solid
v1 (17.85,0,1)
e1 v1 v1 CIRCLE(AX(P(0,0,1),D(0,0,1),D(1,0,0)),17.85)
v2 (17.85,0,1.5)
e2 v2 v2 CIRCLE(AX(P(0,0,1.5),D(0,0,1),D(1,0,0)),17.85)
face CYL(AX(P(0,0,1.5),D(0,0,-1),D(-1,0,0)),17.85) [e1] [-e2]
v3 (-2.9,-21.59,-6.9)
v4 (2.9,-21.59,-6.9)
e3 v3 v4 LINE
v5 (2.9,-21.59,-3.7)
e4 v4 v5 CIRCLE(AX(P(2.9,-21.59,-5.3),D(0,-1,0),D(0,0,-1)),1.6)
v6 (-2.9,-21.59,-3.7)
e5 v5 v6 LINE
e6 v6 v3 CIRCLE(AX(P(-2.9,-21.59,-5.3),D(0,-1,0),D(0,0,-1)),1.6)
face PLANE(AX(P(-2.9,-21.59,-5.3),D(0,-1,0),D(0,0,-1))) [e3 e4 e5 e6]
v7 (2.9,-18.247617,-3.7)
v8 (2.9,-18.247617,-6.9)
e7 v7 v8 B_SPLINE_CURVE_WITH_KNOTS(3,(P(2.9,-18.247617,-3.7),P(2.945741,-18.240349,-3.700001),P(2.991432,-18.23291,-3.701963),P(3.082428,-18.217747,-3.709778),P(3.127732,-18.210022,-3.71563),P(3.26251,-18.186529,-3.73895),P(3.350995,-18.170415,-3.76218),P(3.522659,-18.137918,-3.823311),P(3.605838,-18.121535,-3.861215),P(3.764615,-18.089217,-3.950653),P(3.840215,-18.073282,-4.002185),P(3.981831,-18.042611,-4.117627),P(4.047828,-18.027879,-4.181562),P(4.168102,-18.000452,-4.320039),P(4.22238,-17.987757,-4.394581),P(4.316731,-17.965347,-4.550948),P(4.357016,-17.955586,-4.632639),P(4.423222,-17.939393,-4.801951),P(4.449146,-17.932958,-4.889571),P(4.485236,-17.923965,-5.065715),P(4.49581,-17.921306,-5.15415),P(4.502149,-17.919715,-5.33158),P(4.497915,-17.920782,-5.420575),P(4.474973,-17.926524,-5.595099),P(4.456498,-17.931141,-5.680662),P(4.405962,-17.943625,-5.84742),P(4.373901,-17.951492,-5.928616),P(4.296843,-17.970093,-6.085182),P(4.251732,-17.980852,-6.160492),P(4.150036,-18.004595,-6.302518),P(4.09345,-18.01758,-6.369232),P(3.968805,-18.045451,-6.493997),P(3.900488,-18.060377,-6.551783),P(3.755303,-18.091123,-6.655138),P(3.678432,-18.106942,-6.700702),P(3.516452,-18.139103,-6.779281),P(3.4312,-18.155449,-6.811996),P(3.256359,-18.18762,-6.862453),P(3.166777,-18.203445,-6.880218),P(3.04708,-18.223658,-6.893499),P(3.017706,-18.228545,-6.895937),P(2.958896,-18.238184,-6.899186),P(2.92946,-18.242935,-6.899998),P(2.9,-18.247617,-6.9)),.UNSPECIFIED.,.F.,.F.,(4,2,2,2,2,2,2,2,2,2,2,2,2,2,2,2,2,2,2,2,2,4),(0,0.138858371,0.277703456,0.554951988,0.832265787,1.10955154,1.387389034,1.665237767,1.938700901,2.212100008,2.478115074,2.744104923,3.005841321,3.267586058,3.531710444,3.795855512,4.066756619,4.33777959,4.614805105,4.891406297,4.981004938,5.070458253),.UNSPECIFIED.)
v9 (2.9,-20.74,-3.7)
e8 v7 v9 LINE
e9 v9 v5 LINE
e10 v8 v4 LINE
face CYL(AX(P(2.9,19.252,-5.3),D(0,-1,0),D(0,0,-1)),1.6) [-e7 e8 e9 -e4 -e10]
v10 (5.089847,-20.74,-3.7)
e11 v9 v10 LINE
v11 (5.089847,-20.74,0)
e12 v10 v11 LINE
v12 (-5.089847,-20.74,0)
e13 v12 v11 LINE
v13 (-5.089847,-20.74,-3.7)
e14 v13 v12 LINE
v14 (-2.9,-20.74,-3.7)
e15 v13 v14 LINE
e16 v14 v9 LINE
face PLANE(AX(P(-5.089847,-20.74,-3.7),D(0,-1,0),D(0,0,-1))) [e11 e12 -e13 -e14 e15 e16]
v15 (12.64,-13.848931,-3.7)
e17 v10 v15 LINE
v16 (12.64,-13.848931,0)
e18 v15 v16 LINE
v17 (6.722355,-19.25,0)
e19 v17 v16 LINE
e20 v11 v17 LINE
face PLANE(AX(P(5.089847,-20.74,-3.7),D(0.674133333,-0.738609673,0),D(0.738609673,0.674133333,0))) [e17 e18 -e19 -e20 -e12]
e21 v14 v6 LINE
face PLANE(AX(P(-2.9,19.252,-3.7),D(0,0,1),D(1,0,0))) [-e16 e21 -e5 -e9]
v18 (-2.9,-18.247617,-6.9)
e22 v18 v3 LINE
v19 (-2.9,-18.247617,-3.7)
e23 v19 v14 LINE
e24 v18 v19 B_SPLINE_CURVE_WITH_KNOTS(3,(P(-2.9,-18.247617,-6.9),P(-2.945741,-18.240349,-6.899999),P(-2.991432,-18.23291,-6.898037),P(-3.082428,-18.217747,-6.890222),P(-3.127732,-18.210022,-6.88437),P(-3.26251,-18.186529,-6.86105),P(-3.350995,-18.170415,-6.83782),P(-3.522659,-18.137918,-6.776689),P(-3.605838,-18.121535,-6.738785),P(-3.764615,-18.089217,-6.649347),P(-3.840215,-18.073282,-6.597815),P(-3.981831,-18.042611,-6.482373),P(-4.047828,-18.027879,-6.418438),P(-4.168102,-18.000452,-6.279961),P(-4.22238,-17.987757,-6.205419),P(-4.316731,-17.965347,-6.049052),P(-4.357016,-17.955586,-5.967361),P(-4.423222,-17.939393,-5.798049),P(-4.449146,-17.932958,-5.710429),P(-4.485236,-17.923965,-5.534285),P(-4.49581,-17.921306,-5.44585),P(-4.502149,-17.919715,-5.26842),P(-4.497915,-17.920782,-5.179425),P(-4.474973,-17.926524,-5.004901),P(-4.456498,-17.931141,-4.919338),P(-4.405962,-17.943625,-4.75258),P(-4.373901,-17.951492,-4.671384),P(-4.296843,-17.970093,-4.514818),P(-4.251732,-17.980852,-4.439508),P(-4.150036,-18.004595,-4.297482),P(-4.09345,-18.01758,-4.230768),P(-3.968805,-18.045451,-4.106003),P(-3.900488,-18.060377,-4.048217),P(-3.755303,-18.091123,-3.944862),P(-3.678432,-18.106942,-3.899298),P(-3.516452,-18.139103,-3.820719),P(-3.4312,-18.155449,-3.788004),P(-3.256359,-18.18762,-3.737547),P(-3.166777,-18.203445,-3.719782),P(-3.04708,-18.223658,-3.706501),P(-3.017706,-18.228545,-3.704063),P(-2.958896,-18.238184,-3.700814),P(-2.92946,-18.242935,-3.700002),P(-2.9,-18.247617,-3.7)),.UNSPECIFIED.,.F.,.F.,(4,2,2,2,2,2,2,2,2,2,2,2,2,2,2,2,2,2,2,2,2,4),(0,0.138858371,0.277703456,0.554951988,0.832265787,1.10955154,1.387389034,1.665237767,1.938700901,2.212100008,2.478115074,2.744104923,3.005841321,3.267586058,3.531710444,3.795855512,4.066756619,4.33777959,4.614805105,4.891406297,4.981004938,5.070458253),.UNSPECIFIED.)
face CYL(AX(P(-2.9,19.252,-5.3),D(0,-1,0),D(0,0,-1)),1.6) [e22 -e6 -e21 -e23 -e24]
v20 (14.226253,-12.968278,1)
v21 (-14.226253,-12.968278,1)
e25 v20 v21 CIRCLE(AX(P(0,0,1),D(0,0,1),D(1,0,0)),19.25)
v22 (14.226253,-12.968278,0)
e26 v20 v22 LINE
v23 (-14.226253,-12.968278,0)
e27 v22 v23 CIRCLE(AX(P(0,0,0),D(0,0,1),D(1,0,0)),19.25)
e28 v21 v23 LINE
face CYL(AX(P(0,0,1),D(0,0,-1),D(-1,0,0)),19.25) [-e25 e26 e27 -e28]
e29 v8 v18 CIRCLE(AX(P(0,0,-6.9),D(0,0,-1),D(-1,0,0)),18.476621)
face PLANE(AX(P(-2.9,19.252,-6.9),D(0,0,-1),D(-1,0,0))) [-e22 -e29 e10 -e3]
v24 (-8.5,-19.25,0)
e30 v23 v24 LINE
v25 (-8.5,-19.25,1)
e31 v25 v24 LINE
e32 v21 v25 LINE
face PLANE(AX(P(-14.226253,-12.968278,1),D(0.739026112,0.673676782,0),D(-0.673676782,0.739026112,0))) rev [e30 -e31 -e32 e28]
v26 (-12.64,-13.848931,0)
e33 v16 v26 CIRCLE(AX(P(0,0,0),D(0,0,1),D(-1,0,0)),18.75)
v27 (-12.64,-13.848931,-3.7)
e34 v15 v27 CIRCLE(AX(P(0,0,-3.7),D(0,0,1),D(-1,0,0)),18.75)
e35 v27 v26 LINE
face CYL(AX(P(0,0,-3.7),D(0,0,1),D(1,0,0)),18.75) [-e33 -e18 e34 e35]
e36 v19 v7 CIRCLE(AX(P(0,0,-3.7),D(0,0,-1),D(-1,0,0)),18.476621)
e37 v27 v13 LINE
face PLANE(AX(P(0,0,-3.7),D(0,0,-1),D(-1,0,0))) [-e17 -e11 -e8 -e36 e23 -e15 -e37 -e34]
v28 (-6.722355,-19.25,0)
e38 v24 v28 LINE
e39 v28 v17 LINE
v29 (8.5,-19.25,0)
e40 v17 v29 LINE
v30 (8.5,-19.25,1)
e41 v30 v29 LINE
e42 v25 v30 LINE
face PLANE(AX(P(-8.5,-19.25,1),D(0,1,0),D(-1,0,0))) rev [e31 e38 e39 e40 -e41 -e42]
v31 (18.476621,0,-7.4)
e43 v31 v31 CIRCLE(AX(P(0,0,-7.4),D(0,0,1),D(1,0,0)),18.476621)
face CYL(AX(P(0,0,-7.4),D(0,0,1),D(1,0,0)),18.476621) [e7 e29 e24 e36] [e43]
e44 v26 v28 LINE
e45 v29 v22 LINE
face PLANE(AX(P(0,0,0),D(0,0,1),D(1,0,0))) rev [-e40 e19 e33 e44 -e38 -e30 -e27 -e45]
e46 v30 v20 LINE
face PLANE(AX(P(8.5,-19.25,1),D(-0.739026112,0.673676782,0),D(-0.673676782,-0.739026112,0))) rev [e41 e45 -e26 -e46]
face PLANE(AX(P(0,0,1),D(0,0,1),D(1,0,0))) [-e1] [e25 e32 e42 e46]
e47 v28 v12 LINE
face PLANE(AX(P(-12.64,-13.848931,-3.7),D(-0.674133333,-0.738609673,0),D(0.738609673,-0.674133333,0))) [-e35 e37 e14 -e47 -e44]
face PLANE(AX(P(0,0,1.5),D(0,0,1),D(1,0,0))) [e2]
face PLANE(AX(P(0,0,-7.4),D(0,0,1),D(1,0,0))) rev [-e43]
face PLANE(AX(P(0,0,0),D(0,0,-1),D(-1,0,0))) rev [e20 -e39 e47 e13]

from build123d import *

# Parameters (mm, degrees)
EXTRUDE_1_DEPTH             = 3.7
EXTRUDE_2_DEPTH             = 1
SKETCH_3_R                  = 17.85
EXTRUDE_3_DEPTH             = 0.5
SKETCH_4_R                  = 18.476621058
EXTRUDE_4_DEPTH             = 7.4
EXTRUDE_5_DEPTH             = 0.85
EXTRUDE_5_DIRECTION_2_REACH = 46.995


with BuildPart() as part:
    # ｽｹｯﾁ1 → ﾎﾞｽ - 押し出し1 (new body)
    with BuildSketch(Plane.XY):
        with BuildLine():
            Line((-12.64, -13.848931367), (-5.089846792, -20.74))
            Line((-5.089846792, -20.74), (5.089846792, -20.74))
            Line((5.089846792, -20.74), (12.64, -13.848931367))
            ThreePointArc((12.64, -13.848931367), (0, 18.75), (-12.64, -13.848931367))
        make_face()
    extrude(amount=-EXTRUDE_1_DEPTH)

    # ｽｹｯﾁ2 → ﾎﾞｽ - 押し出し2 (add)
    with BuildSketch(Plane.XY):
        with BuildLine():
            Line((-14.226252646, -12.968278052), (-8.5, -19.25))
            Line((-8.5, -19.25), (8.5, -19.25))
            Line((8.5, -19.25), (14.226252646, -12.968278052))
            ThreePointArc((14.226252646, -12.968278052), (0, 19.25), (-14.226252646, -12.968278052))
        make_face()
    extrude(amount=EXTRUDE_2_DEPTH)

    # ｽｹｯﾁ3 → ﾎﾞｽ - 押し出し3 (add)
    with BuildSketch(Plane.XY.offset(1)):
        Circle(SKETCH_3_R)
    extrude(amount=EXTRUDE_3_DEPTH)

    # ｽｹｯﾁ4 → ﾎﾞｽ - 押し出し4 (add)
    with BuildSketch(Plane.XY):
        Circle(SKETCH_4_R)
    extrude(amount=-EXTRUDE_4_DEPTH)

    # ｽｹｯﾁ5 → ﾎﾞｽ - 押し出し5 (add)
    with BuildSketch(Plane.XZ.offset(20.74)):
        with BuildLine():
            Line((-2.9, -3.7), (2.9, -3.7))
            ThreePointArc((2.9, -3.7), (4.5, -5.3), (2.9, -6.9))
            Line((2.9, -6.9), (-2.9, -6.9))
            ThreePointArc((-2.9, -6.9), (-4.5, -5.3), (-2.9, -3.7))
        make_face()
    extrude(amount=EXTRUDE_5_DEPTH)

    # ｽｹｯﾁ5 → ﾎﾞｽ - 押し出し5 direction 2 (add, up to next)
    with BuildSketch(Plane.XZ.offset(20.74), mode=Mode.PRIVATE) as extrude_5_direction_2_sk1:
        with BuildLine():
            Line((-2.9, -3.7), (2.9, -3.7))
            ThreePointArc((2.9, -3.7), (4.5, -5.3), (2.9, -6.9))
            Line((2.9, -6.9), (-2.9, -6.9))
            ThreePointArc((-2.9, -6.9), (-4.5, -5.3), (-2.9, -3.7))
        make_face()
    extrude_5_direction_2_tool1 = extrude(extrude_5_direction_2_sk1.sketch, amount=-EXTRUDE_5_DIRECTION_2_REACH, mode=Mode.PRIVATE) - part.part
    add(extrude_5_direction_2_tool1.solids().sort_by_distance((0, -20.74, -5.3))[0])


solid = part.part
